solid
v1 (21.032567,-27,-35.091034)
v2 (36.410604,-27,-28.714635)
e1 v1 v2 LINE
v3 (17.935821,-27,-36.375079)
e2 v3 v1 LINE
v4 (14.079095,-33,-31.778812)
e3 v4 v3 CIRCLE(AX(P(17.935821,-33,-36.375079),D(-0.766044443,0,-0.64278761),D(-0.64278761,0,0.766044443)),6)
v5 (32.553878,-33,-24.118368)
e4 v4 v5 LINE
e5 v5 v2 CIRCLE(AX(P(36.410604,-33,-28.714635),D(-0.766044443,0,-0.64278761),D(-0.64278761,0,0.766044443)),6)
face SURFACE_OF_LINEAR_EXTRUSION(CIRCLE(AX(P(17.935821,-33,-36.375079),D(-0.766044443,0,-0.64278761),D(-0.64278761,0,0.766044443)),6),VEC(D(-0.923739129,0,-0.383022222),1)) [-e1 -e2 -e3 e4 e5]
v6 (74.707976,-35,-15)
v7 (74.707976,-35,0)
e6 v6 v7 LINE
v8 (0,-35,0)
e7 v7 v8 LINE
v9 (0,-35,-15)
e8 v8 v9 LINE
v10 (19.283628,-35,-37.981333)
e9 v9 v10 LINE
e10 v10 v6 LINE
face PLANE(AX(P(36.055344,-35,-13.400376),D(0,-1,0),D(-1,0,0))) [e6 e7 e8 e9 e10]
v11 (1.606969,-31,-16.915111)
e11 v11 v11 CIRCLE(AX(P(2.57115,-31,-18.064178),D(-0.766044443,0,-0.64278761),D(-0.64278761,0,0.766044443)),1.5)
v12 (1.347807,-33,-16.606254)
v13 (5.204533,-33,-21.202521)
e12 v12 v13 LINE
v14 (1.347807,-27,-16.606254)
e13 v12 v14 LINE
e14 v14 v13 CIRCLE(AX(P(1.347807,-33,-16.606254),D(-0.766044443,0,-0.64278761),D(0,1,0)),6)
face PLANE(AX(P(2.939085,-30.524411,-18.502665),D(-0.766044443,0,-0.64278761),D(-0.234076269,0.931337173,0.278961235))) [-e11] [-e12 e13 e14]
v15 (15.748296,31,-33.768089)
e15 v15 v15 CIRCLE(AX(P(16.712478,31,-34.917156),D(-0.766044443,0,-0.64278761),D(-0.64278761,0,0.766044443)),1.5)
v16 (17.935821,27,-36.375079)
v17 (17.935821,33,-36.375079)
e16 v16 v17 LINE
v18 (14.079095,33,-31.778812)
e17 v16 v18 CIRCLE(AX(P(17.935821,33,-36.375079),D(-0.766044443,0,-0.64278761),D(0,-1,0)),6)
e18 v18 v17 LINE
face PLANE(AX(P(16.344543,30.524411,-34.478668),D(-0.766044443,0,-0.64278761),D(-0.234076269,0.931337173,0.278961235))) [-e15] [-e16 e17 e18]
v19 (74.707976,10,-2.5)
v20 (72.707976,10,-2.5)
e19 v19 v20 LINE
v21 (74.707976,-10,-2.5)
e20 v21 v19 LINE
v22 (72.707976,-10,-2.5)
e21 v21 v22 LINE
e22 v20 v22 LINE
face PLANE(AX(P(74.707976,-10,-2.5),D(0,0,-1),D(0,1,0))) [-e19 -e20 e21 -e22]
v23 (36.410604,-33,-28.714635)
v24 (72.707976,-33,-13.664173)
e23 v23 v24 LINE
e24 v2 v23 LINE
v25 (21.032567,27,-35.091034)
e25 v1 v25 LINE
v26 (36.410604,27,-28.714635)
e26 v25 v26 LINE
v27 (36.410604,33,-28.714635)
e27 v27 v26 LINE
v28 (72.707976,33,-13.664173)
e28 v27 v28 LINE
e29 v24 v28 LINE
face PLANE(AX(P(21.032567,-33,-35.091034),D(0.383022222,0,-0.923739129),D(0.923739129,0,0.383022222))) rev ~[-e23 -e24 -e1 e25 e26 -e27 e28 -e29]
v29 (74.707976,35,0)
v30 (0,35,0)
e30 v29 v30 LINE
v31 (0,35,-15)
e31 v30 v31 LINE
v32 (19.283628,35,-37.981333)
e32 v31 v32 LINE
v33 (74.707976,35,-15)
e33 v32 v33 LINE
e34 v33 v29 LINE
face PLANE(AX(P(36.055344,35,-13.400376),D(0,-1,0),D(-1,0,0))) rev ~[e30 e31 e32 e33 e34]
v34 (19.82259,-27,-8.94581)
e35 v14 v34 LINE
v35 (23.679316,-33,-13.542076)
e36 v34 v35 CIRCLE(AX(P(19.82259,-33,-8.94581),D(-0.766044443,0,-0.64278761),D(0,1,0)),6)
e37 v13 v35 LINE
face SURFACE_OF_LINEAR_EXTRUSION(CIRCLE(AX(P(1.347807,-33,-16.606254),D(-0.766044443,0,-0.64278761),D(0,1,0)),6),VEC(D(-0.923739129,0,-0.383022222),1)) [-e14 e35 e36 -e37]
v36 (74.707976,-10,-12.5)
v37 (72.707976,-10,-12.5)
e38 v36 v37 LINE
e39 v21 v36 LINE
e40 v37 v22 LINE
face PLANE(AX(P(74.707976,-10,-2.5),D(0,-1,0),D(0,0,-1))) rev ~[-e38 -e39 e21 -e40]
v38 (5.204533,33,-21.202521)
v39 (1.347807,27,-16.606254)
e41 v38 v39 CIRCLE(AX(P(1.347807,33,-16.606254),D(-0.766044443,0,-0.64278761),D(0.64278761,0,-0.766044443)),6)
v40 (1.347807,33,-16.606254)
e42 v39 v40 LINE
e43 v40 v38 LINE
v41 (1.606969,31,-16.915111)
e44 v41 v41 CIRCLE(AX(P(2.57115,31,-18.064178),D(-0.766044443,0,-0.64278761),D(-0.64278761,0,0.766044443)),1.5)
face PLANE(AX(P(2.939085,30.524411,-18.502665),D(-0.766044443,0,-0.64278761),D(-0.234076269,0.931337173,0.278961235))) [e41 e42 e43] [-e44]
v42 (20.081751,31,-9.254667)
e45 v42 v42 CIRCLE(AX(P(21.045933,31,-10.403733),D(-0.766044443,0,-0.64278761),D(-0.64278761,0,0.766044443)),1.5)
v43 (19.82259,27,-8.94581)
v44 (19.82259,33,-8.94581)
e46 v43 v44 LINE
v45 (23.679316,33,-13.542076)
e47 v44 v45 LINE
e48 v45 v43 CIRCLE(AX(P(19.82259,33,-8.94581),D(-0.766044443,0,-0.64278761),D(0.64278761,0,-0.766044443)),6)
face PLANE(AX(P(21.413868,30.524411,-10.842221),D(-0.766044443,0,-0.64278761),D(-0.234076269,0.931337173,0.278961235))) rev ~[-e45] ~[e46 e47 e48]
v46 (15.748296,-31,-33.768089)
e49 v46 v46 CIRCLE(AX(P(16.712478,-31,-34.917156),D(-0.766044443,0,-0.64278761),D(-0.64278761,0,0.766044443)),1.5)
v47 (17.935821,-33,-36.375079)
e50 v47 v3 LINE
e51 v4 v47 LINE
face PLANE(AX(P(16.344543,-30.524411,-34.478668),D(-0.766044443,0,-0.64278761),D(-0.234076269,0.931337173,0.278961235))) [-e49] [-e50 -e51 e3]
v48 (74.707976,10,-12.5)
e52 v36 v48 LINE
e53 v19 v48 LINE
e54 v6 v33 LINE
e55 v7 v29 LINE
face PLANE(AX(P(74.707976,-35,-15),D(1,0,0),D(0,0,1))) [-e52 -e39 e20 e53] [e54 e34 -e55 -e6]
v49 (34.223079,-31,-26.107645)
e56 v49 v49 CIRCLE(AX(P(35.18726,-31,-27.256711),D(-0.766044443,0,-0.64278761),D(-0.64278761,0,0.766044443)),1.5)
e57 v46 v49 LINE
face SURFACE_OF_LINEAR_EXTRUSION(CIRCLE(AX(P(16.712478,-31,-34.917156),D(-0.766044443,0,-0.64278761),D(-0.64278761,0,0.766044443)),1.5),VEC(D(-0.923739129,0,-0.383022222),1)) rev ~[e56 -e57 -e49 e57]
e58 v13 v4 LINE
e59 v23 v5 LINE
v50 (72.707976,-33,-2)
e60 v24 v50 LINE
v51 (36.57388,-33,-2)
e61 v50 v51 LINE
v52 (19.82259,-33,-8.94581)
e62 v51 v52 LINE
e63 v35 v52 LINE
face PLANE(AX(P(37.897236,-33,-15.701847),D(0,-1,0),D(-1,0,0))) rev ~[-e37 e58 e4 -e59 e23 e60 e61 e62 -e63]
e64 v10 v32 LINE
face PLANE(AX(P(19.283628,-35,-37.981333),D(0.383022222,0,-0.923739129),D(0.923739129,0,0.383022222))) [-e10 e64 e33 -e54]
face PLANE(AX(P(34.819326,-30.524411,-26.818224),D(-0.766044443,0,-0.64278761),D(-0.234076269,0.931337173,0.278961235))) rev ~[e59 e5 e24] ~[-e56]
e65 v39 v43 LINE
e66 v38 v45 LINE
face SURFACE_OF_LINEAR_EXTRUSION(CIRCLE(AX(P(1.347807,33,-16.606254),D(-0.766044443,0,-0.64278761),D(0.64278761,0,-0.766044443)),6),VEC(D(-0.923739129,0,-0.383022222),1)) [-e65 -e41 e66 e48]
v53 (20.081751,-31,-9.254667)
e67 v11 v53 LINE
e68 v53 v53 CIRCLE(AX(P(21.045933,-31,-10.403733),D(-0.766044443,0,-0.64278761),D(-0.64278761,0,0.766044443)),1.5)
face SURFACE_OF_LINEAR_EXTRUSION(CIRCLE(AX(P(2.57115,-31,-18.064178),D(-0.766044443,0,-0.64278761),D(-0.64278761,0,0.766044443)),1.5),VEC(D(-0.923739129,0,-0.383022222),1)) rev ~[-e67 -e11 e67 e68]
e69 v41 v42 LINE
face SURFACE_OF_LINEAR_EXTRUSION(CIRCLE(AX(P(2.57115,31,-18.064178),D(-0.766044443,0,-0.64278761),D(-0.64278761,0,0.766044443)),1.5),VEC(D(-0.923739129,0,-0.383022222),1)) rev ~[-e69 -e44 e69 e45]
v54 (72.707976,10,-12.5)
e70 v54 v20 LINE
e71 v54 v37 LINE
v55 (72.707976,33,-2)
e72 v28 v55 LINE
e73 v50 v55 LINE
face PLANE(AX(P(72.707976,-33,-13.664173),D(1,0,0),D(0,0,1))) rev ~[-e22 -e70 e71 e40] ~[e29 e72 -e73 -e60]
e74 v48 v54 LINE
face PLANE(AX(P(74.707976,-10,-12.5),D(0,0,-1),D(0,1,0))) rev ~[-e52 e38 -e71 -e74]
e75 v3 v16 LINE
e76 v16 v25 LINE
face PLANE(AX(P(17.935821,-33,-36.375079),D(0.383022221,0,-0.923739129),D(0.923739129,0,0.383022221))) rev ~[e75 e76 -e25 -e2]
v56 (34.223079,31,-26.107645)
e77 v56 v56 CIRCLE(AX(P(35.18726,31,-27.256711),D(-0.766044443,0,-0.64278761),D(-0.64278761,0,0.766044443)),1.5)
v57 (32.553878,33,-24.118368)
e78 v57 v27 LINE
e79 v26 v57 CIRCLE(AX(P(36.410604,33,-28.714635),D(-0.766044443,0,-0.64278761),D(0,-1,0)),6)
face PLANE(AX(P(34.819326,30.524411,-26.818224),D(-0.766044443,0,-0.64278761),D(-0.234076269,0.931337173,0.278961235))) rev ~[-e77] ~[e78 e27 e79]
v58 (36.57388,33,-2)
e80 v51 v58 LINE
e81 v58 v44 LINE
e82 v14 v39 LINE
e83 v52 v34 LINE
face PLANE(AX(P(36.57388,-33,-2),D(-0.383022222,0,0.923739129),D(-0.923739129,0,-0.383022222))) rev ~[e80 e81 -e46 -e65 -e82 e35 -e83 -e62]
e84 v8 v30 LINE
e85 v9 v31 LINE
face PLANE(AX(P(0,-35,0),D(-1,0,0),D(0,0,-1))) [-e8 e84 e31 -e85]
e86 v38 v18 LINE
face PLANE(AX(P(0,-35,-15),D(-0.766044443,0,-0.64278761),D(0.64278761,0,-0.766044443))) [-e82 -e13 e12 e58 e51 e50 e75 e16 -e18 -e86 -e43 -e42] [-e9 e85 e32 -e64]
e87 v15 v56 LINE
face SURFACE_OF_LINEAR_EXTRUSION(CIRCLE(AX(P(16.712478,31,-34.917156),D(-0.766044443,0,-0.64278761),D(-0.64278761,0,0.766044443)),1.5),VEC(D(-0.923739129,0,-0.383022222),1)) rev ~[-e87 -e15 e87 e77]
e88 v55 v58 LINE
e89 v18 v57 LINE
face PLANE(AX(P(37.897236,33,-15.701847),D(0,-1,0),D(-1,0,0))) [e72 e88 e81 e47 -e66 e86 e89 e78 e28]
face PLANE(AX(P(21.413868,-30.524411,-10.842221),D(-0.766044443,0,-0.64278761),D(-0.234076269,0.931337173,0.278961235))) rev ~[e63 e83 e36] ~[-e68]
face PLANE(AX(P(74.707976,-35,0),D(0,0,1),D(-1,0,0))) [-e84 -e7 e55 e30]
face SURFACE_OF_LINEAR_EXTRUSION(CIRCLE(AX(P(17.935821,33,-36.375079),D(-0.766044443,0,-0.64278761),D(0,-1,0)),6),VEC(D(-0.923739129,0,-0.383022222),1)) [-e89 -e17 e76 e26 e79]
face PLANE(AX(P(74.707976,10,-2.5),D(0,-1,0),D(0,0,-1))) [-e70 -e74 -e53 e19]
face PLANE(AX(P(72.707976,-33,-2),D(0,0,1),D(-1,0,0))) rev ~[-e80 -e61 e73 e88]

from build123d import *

# Parameters (mm, degrees)
BOSS_EXTRUDE1_DEPTH      = 35
BOSS_EXTRUDE1_DEPTH_BACK = 35
CUT_EXTRUDE1_DEPTH       = 33
CUT_EXTRUDE1_DEPTH_BACK  = 33
CUT_EXTRUDE2_REACH       = 92.823
SKETCH3_W                = 10
SKETCH3_H                = 20
BOSS_EXTRUDE8_DEPTH      = 20
SKETCH5_R                = 1.5
CUT_EXTRUDE3_DEPTH       = 19.999999693


with BuildPart() as part:
    # Sketch1 → Boss-Extrude1 (new, two sides: drawn at the far end of the back side and taken through both)
    with BuildSketch(Plane(origin=(0, 0, 0), x_dir=(1, 0, 0), z_dir=(0, 1, 0)).offset(-BOSS_EXTRUDE1_DEPTH_BACK)):
        Polygon((0, 15), (19.283628291, 37.981333294), (74.707976009, 15), (74.707976009, 0), (0, 0), align=None)
    extrude(amount=BOSS_EXTRUDE1_DEPTH + BOSS_EXTRUDE1_DEPTH_BACK)

    # Sketch2 → Cut-Extrude1 (cut, two sides: drawn at the far end of the back side and taken through both)
    with BuildSketch(Plane(origin=(0, 0, 0), x_dir=(1, 0, 0), z_dir=(0, 1, 0)).offset(-CUT_EXTRUDE1_DEPTH_BACK)):
        Polygon((21.032566766, 35.091034272), (72.707976009, 13.664173121), (72.707976009, 2), (36.573879749, 2), (1.347807304, 16.606254197), (17.935820986, 36.375079097), align=None)
    extrude(amount=CUT_EXTRUDE1_DEPTH + CUT_EXTRUDE1_DEPTH_BACK, mode=Mode.SUBTRACT)

    # Sketch3 → Cut-Extrude2 (cut, up to next)
    with BuildSketch(Plane(origin=(74.707976009, 0, 0), x_dir=(0, 0, -1), z_dir=(1, 0, 0)), mode=Mode.PRIVATE) as cut_extrude2_sk1:
        with Locations((7.5, 0)):
            Rectangle(SKETCH3_W, SKETCH3_H)
    cut_extrude2_tool1 = extrude(cut_extrude2_sk1.sketch, amount=-CUT_EXTRUDE2_REACH, mode=Mode.PRIVATE) & part.part
    add(cut_extrude2_tool1.solids().sort_by_distance((74.707976, 0, -7.5))[0], mode=Mode.SUBTRACT)

    # 3DSketch2 → Boss-Extrude8 (add, along a direction that is not the sketch's normal)
    with BuildSketch(Plane(origin=(17.935820986, -33, -36.375079097), x_dir=(-0.23407626920535343, 0.9313371729360082, 0.2789612347665302), z_dir=(-0.7660444431189789, 0, -0.6427876096865383))):
        with BuildLine():
            Line((0, 0), (2.184948176, -5.588023038))
            ThreePointArc((2.184948176, -5.588023038), (5.496320655, -2.406337312), (5.588023038, 2.184948176))
            Line((5.588023038, 2.184948176), (0, 0))
        make_face()
        with BuildLine():
            Line((61.468253414, 24.034429934), (55.880230376, 21.849481758))
            ThreePointArc((55.880230376, 21.849481758), (59.061916102, 18.538109279), (63.65320159, 18.446406897))
            Line((63.65320159, 18.446406897), (61.468253414, 24.034429934))
        make_face()
        with BuildLine():
            Line((70.865849574, 0), (68.680901398, 5.588023038))
            ThreePointArc((68.680901398, 5.588023038), (65.369528919, 2.406337312), (65.277826536, -2.184948176))
            Line((65.277826536, -2.184948176), (70.865849574, 0))
        make_face()
        with BuildLine():
            Line((9.39759616, -24.034429934), (14.985619198, -21.849481758))
            ThreePointArc((14.985619198, -21.849481758), (11.803933472, -18.538109279), (7.212647984, -18.446406897))
            Line((7.212647984, -18.446406897), (9.39759616, -24.034429934))
        make_face()
    extrude(amount=-BOSS_EXTRUDE8_DEPTH, dir=(-0.9237391286459794, 0, -0.38302222155948973))

    # Sketch5 → Cut-Extrude3 (cut, along a direction that is not the sketch's normal)
    with BuildSketch(Plane(origin=(-7.386058148, 0, -6.197638667), x_dir=(-0.6427876096865378, 0, 0.7660444431189795), z_dir=(-0.7660444431189795, 0, -0.6427876096865378))):
        with Locations((-37.490666647, -31)):
            Circle(SKETCH5_R)
        with Locations((-37.490666647, 31)):
            Circle(SKETCH5_R)
        with Locations((-15.490666647, 31)):
            Circle(SKETCH5_R)
        with Locations((-15.490666647, -31)):
            Circle(SKETCH5_R)
    extrude(amount=-CUT_EXTRUDE3_DEPTH, dir=(-0.9237391286459794, 0, -0.38302222155948973), mode=Mode.SUBTRACT)


solid = part.part
